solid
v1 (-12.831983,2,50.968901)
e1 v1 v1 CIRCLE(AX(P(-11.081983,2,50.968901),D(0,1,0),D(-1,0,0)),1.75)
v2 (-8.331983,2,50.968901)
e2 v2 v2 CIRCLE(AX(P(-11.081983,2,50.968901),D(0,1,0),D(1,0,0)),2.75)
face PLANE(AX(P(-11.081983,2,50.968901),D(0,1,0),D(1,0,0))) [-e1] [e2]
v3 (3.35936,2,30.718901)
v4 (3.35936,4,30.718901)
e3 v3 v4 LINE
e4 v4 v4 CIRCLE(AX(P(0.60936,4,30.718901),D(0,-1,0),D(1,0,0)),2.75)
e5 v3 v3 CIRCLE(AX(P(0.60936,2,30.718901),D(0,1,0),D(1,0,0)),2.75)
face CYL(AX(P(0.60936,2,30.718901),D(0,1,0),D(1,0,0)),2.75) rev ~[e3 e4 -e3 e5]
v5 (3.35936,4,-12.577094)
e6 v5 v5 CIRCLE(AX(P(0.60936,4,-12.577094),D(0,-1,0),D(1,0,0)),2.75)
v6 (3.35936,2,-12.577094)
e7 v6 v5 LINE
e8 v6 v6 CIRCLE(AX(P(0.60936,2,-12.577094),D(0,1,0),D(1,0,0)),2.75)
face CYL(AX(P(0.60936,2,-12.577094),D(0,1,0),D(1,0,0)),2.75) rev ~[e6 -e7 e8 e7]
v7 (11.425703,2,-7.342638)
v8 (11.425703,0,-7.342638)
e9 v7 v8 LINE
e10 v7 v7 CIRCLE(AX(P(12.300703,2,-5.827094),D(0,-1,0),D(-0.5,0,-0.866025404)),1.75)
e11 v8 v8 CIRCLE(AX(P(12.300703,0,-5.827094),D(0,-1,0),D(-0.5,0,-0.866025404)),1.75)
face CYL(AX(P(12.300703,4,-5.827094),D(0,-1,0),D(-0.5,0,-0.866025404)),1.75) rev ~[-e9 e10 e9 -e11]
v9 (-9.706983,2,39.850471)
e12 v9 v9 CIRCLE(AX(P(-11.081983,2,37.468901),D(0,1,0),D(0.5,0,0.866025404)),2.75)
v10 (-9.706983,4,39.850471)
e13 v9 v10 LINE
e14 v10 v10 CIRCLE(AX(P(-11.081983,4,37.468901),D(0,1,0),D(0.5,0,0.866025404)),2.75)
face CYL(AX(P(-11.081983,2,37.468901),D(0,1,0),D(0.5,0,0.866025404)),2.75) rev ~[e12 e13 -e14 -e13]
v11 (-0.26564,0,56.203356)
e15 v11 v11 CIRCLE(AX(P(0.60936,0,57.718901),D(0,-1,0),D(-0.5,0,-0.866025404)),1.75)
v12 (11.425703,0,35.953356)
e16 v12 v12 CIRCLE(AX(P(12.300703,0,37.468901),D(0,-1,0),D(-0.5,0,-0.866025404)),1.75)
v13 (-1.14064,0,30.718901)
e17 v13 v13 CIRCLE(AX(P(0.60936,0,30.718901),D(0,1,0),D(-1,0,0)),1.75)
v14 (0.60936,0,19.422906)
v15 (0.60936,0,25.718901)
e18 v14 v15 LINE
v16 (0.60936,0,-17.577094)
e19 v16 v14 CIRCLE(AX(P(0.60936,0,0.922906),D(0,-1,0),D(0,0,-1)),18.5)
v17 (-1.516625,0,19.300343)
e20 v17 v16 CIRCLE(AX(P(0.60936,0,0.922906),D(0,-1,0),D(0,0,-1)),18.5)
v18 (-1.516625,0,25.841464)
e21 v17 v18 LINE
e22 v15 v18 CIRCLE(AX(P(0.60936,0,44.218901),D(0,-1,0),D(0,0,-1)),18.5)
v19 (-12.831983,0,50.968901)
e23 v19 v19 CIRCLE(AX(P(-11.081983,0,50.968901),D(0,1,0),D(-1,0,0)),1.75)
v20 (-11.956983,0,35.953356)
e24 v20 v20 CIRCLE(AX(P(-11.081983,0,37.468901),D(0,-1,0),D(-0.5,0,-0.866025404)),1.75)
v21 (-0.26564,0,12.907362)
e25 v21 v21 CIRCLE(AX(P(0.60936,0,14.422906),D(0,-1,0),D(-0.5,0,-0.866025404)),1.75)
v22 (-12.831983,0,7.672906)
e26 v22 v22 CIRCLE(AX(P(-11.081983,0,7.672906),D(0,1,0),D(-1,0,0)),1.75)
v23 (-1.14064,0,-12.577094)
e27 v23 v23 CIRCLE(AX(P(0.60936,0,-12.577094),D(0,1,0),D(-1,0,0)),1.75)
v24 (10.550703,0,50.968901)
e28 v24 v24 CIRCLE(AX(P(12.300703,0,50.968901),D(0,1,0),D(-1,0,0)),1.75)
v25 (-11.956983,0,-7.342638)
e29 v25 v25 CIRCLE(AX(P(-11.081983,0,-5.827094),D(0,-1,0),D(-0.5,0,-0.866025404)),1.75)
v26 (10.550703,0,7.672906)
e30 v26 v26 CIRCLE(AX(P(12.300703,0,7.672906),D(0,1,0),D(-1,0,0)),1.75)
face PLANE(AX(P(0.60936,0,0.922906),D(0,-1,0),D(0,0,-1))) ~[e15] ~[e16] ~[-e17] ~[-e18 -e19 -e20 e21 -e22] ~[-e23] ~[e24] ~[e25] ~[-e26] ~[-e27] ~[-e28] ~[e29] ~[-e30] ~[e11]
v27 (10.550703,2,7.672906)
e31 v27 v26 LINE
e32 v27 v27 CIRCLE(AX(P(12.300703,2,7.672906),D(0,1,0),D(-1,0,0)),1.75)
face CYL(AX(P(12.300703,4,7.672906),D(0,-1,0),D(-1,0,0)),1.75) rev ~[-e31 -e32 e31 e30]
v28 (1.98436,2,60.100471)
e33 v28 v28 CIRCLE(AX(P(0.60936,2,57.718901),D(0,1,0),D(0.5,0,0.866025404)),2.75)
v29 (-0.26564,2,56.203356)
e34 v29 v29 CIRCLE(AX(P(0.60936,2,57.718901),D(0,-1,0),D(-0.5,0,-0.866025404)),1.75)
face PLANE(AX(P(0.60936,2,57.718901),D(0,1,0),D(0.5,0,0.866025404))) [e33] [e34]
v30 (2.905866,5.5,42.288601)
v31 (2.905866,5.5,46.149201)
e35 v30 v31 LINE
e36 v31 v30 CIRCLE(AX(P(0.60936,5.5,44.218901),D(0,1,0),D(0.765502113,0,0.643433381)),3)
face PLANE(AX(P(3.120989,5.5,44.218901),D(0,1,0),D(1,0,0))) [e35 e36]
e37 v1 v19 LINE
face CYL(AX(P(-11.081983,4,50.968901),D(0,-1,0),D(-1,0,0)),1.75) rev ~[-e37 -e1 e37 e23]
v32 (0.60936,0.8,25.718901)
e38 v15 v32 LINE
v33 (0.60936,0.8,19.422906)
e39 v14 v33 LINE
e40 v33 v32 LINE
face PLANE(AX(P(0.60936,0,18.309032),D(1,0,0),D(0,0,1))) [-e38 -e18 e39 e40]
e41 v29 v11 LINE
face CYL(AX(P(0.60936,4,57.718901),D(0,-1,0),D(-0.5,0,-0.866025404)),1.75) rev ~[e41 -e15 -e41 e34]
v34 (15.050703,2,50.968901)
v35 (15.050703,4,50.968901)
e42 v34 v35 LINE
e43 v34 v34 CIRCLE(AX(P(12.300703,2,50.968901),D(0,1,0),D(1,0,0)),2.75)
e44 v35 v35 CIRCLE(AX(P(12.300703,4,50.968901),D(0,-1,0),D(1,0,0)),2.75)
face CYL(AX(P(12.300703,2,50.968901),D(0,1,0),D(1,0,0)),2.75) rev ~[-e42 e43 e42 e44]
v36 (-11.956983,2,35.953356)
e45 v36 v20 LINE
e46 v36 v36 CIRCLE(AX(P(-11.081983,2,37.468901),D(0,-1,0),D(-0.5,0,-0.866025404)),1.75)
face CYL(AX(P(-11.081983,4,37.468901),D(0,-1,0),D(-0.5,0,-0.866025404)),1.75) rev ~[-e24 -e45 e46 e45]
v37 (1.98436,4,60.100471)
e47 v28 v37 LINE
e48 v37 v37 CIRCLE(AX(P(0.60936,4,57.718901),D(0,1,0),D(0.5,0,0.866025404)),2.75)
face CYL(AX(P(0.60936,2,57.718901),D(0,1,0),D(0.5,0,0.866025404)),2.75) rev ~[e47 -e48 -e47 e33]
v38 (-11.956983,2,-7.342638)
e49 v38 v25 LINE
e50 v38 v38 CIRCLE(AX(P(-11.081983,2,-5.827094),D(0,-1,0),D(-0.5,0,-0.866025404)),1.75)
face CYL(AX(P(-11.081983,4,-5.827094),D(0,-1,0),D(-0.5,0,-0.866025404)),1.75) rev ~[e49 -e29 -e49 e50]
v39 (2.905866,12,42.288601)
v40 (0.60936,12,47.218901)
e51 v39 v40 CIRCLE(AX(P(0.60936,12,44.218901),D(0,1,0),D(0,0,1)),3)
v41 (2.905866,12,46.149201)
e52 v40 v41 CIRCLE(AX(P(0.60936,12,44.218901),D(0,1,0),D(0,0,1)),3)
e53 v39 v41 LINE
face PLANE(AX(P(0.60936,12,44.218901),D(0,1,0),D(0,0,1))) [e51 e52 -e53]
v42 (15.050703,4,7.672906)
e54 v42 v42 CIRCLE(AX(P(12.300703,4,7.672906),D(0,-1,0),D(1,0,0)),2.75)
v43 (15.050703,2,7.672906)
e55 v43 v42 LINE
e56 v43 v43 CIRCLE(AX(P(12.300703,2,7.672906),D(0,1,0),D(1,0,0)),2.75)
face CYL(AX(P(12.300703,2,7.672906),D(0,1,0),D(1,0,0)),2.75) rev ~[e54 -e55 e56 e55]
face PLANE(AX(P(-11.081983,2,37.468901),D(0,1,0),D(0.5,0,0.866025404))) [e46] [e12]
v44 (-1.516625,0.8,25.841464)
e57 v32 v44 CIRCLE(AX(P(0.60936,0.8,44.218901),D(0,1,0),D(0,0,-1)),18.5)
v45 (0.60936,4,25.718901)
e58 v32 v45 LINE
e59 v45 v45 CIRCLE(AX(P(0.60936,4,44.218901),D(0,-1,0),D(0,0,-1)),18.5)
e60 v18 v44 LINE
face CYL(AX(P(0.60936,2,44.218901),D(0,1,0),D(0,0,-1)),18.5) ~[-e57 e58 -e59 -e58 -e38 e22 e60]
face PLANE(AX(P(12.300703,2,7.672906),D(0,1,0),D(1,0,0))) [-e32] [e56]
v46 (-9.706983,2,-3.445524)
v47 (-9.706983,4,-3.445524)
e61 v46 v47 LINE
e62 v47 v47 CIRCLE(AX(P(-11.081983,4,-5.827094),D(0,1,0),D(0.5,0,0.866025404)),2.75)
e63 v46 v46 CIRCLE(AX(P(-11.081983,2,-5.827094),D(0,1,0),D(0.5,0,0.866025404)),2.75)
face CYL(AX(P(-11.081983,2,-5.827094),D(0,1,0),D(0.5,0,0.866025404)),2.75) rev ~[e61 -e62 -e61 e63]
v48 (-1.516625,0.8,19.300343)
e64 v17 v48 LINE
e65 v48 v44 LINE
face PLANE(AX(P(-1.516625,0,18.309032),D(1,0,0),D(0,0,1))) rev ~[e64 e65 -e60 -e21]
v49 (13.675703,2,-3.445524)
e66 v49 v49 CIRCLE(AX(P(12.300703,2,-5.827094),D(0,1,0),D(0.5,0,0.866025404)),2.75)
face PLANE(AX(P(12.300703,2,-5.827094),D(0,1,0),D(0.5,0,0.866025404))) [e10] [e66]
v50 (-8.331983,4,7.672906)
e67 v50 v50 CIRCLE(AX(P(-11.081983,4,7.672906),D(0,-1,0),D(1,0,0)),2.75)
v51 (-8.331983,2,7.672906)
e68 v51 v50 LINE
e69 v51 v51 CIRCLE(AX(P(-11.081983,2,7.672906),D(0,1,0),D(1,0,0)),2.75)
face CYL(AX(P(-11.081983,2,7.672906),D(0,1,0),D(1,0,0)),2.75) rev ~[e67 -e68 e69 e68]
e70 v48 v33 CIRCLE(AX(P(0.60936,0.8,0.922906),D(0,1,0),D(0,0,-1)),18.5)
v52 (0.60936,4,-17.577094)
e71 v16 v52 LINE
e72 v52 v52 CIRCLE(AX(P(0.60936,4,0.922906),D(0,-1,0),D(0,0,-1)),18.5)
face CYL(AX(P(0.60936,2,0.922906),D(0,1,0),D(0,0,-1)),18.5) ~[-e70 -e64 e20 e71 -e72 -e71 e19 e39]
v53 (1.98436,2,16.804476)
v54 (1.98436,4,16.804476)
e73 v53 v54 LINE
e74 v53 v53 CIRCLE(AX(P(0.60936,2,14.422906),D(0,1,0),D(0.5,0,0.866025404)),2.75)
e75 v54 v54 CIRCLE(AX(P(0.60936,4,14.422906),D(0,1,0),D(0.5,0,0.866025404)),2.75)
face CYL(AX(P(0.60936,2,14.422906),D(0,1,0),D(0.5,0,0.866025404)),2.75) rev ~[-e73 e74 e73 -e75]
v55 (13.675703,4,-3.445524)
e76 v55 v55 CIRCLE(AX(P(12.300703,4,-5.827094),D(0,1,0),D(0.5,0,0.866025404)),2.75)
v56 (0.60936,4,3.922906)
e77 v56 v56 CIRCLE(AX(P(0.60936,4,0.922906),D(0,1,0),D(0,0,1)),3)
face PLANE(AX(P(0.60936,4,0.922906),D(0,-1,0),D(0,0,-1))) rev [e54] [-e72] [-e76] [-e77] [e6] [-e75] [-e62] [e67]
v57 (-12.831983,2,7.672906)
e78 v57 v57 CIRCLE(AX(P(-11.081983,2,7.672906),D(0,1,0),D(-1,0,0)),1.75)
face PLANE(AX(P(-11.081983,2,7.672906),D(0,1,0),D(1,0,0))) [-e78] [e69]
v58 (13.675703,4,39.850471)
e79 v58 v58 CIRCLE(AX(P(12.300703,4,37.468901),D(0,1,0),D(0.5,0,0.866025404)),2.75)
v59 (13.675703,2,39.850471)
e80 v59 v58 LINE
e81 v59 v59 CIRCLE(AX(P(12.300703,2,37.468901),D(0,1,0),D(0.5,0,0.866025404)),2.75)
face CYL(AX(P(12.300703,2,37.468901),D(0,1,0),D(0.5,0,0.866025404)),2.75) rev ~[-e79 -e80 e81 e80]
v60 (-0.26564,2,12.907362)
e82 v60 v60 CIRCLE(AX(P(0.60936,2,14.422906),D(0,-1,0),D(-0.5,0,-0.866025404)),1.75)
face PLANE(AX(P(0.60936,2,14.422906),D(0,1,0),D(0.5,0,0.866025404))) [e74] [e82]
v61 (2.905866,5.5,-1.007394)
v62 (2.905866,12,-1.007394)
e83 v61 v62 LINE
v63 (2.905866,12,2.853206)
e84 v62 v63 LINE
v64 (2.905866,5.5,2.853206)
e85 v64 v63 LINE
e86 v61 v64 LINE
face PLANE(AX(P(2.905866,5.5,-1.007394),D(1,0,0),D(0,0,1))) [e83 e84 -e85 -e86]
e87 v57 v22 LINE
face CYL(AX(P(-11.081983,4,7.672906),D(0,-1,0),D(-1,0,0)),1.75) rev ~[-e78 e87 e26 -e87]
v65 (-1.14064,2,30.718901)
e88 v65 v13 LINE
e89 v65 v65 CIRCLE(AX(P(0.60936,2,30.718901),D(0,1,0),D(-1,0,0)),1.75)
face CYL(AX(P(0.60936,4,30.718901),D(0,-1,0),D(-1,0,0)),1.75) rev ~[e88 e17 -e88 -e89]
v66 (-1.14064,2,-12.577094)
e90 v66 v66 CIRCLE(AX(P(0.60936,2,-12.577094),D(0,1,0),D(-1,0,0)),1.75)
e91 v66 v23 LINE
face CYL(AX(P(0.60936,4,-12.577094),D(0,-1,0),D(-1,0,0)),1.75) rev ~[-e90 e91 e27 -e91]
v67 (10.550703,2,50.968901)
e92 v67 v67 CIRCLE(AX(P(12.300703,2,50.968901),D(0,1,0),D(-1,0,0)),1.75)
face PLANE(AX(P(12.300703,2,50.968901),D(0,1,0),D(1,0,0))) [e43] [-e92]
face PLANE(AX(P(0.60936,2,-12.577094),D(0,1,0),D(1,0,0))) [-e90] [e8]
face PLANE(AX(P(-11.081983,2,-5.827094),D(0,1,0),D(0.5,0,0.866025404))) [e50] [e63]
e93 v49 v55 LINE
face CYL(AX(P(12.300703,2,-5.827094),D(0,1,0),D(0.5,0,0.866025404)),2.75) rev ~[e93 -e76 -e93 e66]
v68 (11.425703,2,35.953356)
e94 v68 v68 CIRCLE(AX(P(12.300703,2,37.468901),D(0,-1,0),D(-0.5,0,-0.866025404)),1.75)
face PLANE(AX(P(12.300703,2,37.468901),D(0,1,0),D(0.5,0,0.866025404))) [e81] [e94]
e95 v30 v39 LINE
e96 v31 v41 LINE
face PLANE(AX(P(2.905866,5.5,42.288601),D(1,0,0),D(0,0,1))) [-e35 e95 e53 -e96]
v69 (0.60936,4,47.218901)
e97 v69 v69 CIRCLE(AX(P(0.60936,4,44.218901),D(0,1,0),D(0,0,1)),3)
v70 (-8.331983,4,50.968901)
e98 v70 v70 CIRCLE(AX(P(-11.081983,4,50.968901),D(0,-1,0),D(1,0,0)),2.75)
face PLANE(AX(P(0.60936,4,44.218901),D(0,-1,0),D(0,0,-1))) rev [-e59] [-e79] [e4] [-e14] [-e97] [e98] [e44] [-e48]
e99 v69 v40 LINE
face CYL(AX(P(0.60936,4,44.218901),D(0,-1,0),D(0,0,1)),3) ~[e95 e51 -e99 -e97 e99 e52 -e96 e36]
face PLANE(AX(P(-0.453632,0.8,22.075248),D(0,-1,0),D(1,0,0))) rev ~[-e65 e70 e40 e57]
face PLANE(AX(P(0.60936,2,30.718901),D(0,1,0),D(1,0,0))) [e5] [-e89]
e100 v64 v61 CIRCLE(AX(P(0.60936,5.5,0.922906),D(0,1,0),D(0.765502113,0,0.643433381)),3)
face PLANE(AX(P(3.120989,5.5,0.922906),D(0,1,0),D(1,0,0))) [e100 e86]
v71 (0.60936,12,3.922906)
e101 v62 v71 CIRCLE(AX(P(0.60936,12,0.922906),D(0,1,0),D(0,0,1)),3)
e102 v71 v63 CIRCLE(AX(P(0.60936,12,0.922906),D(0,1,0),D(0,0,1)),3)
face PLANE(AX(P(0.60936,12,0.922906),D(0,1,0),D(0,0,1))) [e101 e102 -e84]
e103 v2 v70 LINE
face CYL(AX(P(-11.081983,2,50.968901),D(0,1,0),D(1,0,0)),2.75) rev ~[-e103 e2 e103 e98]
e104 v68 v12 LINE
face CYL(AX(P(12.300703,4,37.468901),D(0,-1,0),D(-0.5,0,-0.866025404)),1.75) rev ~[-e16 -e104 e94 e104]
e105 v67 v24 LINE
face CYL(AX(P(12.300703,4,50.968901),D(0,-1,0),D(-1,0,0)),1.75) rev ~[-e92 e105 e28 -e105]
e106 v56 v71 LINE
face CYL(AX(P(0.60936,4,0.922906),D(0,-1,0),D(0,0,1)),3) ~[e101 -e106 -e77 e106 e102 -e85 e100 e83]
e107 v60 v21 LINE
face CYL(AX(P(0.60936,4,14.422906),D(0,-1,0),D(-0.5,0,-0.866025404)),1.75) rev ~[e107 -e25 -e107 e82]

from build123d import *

# Parameters (mm, degrees)
SKETCH_1_W                   = 18.5
SKETCH_1_H                   = 4
HOLE_WIZARD_M3_1_D           = 3.5
HOLE_WIZARD_M3_1_CBORE_D     = 5.5
HOLE_WIZARD_M3_1_CBORE_DEPTH = 2
SKETCH_9_R                   = 4.078764036
EXTRUDE_2_DEPTH              = 4
SKETCH_10_R                  = 3
EXTRUDE_3_DEPTH              = 8
CUT_EXTRUDE_START            = -6.5
CUT_EXTRUDE_2_DEPTH          = 6.5
PATTERN_CIRCULAR_1_COUNT     = 3
PATTERN_CIRCULAR_1_ANGLE     = 120
SKETCH_13_W                  = 2.125984269
SKETCH_13_H                  = 7.532431529
EXTRUDE_4_DEPTH              = 0.8


with BuildPart() as part:
    # 草图1 → 旋转1 (revolve)
    with BuildSketch(Plane.XY.offset(0.922906258), mode=Mode.PRIVATE) as revolve_1_sk:
        with Locations((9.859359688, 2)):
            Rectangle(SKETCH_1_W, SKETCH_1_H)
    revolve(revolve_1_sk.sketch.rotate(Axis((0.609359688, 4, 0.922906258), (0, -1, 0)), 270), axis=Axis((0.609359688, 4, 0.922906258), (0, -1, 0)))

    # M3 六角头机械螺钉的柱形沉头孔1 (through all)
    with Locations(Plane(origin=(0, 4, 0), x_dir=(1, 0, 0), z_dir=(0, 1, 0))):
        with Locations((-11.081983263, -7.672906258), (12.300702639, -7.672906258), (0.609359688, 12.577093742)):
            hole_wizard_m3_1 = CounterBoreHole(HOLE_WIZARD_M3_1_D / 2, HOLE_WIZARD_M3_1_CBORE_D / 2, HOLE_WIZARD_M3_1_CBORE_DEPTH)

    # 草图9 → 凸台-拉伸2 (add)
    with BuildSketch(Plane.XZ):
        with Locations((0.609359688, 0.922906258)):
            Circle(SKETCH_9_R)
    extrude(amount=-EXTRUDE_2_DEPTH)

    # 草图10 → 凸台-拉伸3 (add)
    with BuildSketch(Plane(origin=(0, 4, 0), x_dir=(1, 0, 0), z_dir=(0, 1, 0))):
        with Locations(Location((0.609359688, -0.922906258, 0), (0, 0, 270))):
            Circle(SKETCH_10_R)
    extrude(amount=EXTRUDE_3_DEPTH)

    # 草图11 → 切除-拉伸2 (cut)
    with BuildSketch(Plane(origin=(0, 12, 0), x_dir=(1, 0, 0), z_dir=(0, 1, 0)).offset(CUT_EXTRUDE_START)):
        with BuildLine():
            Line((2.905866026, 1.007393885), (2.905866026, -2.853206401))
            ThreePointArc((2.905866026, -2.853206401), (3.609359688, -0.922906258), (2.905866026, 1.007393885))
        make_face()
    extrude(amount=CUT_EXTRUDE_2_DEPTH, mode=Mode.SUBTRACT)

    # 阵列(圆周)1: M3 六角头机械螺钉的柱形沉头孔1 ×3 about axis
    pattern_circular_1_axis = Axis((0.609359688, 0, 0.922906258), (0, -1, 0))
    for i in range(1, PATTERN_CIRCULAR_1_COUNT):
        add(hole_wizard_m3_1.rotate(pattern_circular_1_axis, i * PATTERN_CIRCULAR_1_ANGLE / (PATTERN_CIRCULAR_1_COUNT - 1)), mode=Mode.SUBTRACT)


with BuildPart() as body_2:
    # Move Body 3: copy of part
    add(part.part.moved(Location((0, 0, 43.295994543))))


with BuildPart() as part_1:
    add(part.part)

    add(body_2.part)  # 凸台-拉伸4 merges body 2
    # 草图13 → 凸台-拉伸4 (add)
    with BuildSketch(Plane.XZ):
        with Locations((-0.453632447, 22.075248032)):
            Rectangle(SKETCH_13_W, SKETCH_13_H)
    extrude(amount=-EXTRUDE_4_DEPTH)


solid = part_1.part
